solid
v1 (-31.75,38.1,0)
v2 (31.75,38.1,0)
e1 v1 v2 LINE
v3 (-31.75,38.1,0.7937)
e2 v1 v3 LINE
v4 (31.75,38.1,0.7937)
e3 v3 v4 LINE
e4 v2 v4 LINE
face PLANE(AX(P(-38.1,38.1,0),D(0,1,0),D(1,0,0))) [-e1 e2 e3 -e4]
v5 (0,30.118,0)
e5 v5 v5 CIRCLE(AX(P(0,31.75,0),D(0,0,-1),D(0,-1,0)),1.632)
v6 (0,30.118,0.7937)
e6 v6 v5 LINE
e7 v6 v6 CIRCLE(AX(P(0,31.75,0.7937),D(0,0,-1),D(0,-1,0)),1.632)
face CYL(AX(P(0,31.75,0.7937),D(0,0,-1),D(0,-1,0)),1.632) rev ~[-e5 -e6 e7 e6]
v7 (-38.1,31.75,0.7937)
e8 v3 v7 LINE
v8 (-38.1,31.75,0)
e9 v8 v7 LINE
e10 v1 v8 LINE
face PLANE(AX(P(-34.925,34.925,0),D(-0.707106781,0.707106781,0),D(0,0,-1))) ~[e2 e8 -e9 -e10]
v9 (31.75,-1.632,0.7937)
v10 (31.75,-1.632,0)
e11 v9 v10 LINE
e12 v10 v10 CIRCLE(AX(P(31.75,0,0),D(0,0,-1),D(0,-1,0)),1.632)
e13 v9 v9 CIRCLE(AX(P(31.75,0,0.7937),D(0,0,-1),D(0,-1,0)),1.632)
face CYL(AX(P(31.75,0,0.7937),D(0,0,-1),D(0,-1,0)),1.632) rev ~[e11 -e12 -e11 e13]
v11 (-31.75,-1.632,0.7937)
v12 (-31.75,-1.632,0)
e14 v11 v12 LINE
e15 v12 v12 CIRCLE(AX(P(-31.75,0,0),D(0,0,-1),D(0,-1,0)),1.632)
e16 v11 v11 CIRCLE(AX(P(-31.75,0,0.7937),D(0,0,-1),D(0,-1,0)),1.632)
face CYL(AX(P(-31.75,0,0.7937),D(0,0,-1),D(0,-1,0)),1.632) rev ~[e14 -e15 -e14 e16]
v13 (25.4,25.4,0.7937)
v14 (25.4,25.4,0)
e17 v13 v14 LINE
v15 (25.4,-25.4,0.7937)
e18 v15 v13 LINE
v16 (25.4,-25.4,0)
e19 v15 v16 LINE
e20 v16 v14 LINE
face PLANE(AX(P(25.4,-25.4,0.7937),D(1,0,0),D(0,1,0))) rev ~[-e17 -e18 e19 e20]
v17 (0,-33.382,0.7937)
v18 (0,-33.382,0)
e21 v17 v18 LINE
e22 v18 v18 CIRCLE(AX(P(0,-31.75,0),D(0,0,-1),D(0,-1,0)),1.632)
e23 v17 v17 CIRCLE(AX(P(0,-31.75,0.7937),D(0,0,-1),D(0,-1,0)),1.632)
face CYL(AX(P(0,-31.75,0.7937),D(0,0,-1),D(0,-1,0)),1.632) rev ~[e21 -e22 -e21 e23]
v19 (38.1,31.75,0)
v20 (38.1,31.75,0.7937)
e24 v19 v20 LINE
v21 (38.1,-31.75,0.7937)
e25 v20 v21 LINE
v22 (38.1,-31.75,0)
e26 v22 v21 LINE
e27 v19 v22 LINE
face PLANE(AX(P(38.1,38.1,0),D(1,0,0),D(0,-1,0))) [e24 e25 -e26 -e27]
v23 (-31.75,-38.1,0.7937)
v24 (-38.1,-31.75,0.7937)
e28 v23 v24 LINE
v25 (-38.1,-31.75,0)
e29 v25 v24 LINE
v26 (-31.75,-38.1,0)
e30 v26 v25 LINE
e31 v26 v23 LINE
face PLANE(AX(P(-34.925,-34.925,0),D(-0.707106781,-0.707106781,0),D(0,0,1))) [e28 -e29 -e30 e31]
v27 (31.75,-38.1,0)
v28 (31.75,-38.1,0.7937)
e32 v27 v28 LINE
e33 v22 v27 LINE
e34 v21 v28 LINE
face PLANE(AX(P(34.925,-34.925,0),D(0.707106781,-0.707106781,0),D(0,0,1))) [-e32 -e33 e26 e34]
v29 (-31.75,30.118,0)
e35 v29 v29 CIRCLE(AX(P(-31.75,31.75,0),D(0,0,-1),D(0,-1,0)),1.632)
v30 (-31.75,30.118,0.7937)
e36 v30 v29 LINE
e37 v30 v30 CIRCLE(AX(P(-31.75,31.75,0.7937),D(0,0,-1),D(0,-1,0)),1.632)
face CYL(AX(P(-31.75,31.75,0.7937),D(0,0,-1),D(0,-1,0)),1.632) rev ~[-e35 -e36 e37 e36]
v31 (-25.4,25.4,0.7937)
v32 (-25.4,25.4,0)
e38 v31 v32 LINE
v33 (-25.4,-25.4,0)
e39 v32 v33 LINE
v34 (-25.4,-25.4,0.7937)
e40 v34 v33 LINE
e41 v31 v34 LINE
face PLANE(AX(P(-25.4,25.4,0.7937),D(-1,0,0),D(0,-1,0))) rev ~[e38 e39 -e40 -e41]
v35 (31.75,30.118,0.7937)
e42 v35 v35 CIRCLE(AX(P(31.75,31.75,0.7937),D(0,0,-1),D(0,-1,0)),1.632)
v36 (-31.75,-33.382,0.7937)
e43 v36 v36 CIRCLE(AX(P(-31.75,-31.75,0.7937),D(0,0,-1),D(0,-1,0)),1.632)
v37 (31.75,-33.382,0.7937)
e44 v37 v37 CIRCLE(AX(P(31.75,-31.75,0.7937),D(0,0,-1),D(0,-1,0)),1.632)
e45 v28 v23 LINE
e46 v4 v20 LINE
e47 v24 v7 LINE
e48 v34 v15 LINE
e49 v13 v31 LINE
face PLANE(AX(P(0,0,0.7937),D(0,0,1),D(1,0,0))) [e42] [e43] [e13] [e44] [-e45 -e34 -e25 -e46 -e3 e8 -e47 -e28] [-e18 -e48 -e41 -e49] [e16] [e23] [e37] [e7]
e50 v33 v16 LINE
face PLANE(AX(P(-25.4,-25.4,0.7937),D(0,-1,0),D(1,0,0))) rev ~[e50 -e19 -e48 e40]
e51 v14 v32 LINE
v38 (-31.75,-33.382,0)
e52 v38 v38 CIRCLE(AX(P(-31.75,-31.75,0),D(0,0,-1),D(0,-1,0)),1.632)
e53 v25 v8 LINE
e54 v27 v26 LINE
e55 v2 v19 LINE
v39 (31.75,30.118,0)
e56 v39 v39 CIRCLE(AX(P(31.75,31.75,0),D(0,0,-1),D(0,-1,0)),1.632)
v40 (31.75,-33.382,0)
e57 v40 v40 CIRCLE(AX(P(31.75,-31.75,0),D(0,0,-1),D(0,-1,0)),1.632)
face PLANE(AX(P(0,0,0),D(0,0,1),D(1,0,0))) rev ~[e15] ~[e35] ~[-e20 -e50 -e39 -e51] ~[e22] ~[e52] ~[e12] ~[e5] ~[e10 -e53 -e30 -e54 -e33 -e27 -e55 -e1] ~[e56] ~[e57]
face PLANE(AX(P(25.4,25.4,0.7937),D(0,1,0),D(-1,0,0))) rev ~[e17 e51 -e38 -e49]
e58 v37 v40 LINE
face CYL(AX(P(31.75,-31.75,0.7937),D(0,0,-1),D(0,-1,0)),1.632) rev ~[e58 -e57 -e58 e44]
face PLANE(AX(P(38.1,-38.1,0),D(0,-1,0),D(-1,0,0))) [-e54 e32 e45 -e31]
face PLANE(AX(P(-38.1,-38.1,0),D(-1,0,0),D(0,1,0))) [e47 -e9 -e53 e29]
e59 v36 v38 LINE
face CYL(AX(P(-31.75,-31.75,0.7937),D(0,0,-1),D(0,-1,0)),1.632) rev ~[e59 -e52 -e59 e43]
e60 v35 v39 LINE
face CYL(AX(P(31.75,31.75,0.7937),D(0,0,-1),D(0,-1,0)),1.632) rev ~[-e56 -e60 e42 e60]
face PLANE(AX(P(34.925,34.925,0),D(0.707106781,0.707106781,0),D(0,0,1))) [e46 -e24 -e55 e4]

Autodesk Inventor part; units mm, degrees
ref_plane "YZ Plane" through (0, 0, 0) normal (1, 0, 0) x (0, 1, 0)
ref_plane "XZ Plane" through (0, 0, 0) normal (0, 1, 0) x (-1, 0, 0)
ref_plane "XY Plane" through (0, 0, 0) normal (0, 0, 1) x (1, 0, 0)
sketch "Sketch1" plane through (0, 0, 0) normal (0, 0, 1) x (1, 0, 0)
  line L0 (-38.1, 38.1) -> (38.1, 38.1)
  line L1 (38.1, 38.1) -> (38.1, -38.1)
  line L2 (38.1, -38.1) -> (-38.1, -38.1)
  line L3 (-38.1, -38.1) -> (-38.1, 38.1)
  line L4 (-38.1, 38.1) -> (38.1, -38.1) construction
  line L5 (38.1, 38.1) -> (-38.1, -38.1) construction
  point P0 (0, 0)
  dimension "d0" = 76.2
  dimension "d1" = 76.2
extrude "Extrusion1" add sketch "Sketch1" along normal blind 0.7937
sketch "Sketch2" plane through (0, 0, 0.7937) normal (0, 0, 1) x (1, 0, 0)
  line L0 (38.1, 38.1) -> (-38.1, 38.1) projected
  line L1 (-38.1, 38.1) -> (-38.1, -38.1) projected
  line L2 (-38.1, -38.1) -> (38.1, -38.1) projected
  line L3 (38.1, -38.1) -> (38.1, 38.1) projected
  line L4 (-31.75, 31.75) -> (31.75, 31.75)
  line L5 (31.75, 31.75) -> (31.75, -31.75)
  line L6 (31.75, -31.75) -> (-31.75, -31.75)
  line L7 (-31.75, -31.75) -> (-31.75, 31.75)
  point P0 (0, 0)
  point P1 (0, 31.75)
  point P2 (31.75, 0)
  point P3 (0, -31.75)
  point P4 (-31.75, 0)
  dimension "d7" = 6.35
chamfer "Chamfer1" distance 6.35 angle 45 4 edges at (38.1, 38.1, 0.3969) (-38.1, 38.1, 0.3969) (38.1, -38.1, 0.3969) (-38.1, -38.1, 0.3969)
hole "Hole1" at (-31.75, 31.75, 0.7937) at (0, 31.75, 0.7937) at (31.75, 31.75, 0.7937) at (31.75, 0, 0.7937) at (31.75, -31.75, 0.7937) at (0, -31.75, 0.7937) at (-31.75, -31.75, 0.7937) at (-31.75, 0, 0.7937) direction (0, 0, -1) diameter 3.264 end through all clearance for "Hex Machine Screw" size "#4" standard "Ansi Unified Screw Threads"
sketch "Sketch3" plane through (0, 0, 0.7937) normal (0, 0, 1) x (1, 0, 0)
  line L0 (-25.4, -25.4) -> (25.4, -25.4)
  line L1 (25.4, -25.4) -> (25.4, 25.4)
  line L2 (25.4, 25.4) -> (-25.4, 25.4)
  line L3 (-25.4, 25.4) -> (-25.4, -25.4)
  line L4 (-25.4, -25.4) -> (25.4, 25.4) construction
  line L5 (25.4, -25.4) -> (-25.4, 25.4) construction
  point P0 (0, 0)
  dimension "d15" = 50.8
  dimension "d16" = 50.8
extrude "Extrusion2" cut sketch "Sketch3" against normal through all
equation "\"d7\" = backplaneHoleOffsett"
equation "\"frameAcrylicThickness\" = 9.525"
equation "\"internalAcrylicThickness\" = 6.35"
equation "\"height\" = 127"
equation "\"width\" = 127"
equation "\"depth\" = 273.05"
equation "\"mirrorAngle\" = 5deg"
equation "\"detectorWidth\" = 52"
equation "\"detectorHeight\" = 52"
equation "\"mirrorThickness\" = 3.175"
equation "\"fresnelThickness\" = 0.1"
equation "\"focalLength\" = 76.2"
equation "\"ior\" = 1.49"
equation "\"centerThickness\" = 1.524"
equation "\"fresnelAngle\" = 90deg"
equation "\"fresnelEffectiveDiameter\" = 152.4"
equation "\"oRingWidth\" = 1.5875"
equation "\"sensorHolderDepth\" = 19.05"
equation "\"aerogelClearence\" = 3.175"
equation "\"backplanePCBWidth\" = 76.2"
equation "\"backplanePCBHeight\" = 76.2"
equation "\"backplaneHoleOffsett\" = 6.35"
equation "\"backplanePostionOffsett\" = 12.7"
equation "\"moduleSlotClearence\" = 0.79375"
properties part number "backplaneGasket" material "Rubber"
